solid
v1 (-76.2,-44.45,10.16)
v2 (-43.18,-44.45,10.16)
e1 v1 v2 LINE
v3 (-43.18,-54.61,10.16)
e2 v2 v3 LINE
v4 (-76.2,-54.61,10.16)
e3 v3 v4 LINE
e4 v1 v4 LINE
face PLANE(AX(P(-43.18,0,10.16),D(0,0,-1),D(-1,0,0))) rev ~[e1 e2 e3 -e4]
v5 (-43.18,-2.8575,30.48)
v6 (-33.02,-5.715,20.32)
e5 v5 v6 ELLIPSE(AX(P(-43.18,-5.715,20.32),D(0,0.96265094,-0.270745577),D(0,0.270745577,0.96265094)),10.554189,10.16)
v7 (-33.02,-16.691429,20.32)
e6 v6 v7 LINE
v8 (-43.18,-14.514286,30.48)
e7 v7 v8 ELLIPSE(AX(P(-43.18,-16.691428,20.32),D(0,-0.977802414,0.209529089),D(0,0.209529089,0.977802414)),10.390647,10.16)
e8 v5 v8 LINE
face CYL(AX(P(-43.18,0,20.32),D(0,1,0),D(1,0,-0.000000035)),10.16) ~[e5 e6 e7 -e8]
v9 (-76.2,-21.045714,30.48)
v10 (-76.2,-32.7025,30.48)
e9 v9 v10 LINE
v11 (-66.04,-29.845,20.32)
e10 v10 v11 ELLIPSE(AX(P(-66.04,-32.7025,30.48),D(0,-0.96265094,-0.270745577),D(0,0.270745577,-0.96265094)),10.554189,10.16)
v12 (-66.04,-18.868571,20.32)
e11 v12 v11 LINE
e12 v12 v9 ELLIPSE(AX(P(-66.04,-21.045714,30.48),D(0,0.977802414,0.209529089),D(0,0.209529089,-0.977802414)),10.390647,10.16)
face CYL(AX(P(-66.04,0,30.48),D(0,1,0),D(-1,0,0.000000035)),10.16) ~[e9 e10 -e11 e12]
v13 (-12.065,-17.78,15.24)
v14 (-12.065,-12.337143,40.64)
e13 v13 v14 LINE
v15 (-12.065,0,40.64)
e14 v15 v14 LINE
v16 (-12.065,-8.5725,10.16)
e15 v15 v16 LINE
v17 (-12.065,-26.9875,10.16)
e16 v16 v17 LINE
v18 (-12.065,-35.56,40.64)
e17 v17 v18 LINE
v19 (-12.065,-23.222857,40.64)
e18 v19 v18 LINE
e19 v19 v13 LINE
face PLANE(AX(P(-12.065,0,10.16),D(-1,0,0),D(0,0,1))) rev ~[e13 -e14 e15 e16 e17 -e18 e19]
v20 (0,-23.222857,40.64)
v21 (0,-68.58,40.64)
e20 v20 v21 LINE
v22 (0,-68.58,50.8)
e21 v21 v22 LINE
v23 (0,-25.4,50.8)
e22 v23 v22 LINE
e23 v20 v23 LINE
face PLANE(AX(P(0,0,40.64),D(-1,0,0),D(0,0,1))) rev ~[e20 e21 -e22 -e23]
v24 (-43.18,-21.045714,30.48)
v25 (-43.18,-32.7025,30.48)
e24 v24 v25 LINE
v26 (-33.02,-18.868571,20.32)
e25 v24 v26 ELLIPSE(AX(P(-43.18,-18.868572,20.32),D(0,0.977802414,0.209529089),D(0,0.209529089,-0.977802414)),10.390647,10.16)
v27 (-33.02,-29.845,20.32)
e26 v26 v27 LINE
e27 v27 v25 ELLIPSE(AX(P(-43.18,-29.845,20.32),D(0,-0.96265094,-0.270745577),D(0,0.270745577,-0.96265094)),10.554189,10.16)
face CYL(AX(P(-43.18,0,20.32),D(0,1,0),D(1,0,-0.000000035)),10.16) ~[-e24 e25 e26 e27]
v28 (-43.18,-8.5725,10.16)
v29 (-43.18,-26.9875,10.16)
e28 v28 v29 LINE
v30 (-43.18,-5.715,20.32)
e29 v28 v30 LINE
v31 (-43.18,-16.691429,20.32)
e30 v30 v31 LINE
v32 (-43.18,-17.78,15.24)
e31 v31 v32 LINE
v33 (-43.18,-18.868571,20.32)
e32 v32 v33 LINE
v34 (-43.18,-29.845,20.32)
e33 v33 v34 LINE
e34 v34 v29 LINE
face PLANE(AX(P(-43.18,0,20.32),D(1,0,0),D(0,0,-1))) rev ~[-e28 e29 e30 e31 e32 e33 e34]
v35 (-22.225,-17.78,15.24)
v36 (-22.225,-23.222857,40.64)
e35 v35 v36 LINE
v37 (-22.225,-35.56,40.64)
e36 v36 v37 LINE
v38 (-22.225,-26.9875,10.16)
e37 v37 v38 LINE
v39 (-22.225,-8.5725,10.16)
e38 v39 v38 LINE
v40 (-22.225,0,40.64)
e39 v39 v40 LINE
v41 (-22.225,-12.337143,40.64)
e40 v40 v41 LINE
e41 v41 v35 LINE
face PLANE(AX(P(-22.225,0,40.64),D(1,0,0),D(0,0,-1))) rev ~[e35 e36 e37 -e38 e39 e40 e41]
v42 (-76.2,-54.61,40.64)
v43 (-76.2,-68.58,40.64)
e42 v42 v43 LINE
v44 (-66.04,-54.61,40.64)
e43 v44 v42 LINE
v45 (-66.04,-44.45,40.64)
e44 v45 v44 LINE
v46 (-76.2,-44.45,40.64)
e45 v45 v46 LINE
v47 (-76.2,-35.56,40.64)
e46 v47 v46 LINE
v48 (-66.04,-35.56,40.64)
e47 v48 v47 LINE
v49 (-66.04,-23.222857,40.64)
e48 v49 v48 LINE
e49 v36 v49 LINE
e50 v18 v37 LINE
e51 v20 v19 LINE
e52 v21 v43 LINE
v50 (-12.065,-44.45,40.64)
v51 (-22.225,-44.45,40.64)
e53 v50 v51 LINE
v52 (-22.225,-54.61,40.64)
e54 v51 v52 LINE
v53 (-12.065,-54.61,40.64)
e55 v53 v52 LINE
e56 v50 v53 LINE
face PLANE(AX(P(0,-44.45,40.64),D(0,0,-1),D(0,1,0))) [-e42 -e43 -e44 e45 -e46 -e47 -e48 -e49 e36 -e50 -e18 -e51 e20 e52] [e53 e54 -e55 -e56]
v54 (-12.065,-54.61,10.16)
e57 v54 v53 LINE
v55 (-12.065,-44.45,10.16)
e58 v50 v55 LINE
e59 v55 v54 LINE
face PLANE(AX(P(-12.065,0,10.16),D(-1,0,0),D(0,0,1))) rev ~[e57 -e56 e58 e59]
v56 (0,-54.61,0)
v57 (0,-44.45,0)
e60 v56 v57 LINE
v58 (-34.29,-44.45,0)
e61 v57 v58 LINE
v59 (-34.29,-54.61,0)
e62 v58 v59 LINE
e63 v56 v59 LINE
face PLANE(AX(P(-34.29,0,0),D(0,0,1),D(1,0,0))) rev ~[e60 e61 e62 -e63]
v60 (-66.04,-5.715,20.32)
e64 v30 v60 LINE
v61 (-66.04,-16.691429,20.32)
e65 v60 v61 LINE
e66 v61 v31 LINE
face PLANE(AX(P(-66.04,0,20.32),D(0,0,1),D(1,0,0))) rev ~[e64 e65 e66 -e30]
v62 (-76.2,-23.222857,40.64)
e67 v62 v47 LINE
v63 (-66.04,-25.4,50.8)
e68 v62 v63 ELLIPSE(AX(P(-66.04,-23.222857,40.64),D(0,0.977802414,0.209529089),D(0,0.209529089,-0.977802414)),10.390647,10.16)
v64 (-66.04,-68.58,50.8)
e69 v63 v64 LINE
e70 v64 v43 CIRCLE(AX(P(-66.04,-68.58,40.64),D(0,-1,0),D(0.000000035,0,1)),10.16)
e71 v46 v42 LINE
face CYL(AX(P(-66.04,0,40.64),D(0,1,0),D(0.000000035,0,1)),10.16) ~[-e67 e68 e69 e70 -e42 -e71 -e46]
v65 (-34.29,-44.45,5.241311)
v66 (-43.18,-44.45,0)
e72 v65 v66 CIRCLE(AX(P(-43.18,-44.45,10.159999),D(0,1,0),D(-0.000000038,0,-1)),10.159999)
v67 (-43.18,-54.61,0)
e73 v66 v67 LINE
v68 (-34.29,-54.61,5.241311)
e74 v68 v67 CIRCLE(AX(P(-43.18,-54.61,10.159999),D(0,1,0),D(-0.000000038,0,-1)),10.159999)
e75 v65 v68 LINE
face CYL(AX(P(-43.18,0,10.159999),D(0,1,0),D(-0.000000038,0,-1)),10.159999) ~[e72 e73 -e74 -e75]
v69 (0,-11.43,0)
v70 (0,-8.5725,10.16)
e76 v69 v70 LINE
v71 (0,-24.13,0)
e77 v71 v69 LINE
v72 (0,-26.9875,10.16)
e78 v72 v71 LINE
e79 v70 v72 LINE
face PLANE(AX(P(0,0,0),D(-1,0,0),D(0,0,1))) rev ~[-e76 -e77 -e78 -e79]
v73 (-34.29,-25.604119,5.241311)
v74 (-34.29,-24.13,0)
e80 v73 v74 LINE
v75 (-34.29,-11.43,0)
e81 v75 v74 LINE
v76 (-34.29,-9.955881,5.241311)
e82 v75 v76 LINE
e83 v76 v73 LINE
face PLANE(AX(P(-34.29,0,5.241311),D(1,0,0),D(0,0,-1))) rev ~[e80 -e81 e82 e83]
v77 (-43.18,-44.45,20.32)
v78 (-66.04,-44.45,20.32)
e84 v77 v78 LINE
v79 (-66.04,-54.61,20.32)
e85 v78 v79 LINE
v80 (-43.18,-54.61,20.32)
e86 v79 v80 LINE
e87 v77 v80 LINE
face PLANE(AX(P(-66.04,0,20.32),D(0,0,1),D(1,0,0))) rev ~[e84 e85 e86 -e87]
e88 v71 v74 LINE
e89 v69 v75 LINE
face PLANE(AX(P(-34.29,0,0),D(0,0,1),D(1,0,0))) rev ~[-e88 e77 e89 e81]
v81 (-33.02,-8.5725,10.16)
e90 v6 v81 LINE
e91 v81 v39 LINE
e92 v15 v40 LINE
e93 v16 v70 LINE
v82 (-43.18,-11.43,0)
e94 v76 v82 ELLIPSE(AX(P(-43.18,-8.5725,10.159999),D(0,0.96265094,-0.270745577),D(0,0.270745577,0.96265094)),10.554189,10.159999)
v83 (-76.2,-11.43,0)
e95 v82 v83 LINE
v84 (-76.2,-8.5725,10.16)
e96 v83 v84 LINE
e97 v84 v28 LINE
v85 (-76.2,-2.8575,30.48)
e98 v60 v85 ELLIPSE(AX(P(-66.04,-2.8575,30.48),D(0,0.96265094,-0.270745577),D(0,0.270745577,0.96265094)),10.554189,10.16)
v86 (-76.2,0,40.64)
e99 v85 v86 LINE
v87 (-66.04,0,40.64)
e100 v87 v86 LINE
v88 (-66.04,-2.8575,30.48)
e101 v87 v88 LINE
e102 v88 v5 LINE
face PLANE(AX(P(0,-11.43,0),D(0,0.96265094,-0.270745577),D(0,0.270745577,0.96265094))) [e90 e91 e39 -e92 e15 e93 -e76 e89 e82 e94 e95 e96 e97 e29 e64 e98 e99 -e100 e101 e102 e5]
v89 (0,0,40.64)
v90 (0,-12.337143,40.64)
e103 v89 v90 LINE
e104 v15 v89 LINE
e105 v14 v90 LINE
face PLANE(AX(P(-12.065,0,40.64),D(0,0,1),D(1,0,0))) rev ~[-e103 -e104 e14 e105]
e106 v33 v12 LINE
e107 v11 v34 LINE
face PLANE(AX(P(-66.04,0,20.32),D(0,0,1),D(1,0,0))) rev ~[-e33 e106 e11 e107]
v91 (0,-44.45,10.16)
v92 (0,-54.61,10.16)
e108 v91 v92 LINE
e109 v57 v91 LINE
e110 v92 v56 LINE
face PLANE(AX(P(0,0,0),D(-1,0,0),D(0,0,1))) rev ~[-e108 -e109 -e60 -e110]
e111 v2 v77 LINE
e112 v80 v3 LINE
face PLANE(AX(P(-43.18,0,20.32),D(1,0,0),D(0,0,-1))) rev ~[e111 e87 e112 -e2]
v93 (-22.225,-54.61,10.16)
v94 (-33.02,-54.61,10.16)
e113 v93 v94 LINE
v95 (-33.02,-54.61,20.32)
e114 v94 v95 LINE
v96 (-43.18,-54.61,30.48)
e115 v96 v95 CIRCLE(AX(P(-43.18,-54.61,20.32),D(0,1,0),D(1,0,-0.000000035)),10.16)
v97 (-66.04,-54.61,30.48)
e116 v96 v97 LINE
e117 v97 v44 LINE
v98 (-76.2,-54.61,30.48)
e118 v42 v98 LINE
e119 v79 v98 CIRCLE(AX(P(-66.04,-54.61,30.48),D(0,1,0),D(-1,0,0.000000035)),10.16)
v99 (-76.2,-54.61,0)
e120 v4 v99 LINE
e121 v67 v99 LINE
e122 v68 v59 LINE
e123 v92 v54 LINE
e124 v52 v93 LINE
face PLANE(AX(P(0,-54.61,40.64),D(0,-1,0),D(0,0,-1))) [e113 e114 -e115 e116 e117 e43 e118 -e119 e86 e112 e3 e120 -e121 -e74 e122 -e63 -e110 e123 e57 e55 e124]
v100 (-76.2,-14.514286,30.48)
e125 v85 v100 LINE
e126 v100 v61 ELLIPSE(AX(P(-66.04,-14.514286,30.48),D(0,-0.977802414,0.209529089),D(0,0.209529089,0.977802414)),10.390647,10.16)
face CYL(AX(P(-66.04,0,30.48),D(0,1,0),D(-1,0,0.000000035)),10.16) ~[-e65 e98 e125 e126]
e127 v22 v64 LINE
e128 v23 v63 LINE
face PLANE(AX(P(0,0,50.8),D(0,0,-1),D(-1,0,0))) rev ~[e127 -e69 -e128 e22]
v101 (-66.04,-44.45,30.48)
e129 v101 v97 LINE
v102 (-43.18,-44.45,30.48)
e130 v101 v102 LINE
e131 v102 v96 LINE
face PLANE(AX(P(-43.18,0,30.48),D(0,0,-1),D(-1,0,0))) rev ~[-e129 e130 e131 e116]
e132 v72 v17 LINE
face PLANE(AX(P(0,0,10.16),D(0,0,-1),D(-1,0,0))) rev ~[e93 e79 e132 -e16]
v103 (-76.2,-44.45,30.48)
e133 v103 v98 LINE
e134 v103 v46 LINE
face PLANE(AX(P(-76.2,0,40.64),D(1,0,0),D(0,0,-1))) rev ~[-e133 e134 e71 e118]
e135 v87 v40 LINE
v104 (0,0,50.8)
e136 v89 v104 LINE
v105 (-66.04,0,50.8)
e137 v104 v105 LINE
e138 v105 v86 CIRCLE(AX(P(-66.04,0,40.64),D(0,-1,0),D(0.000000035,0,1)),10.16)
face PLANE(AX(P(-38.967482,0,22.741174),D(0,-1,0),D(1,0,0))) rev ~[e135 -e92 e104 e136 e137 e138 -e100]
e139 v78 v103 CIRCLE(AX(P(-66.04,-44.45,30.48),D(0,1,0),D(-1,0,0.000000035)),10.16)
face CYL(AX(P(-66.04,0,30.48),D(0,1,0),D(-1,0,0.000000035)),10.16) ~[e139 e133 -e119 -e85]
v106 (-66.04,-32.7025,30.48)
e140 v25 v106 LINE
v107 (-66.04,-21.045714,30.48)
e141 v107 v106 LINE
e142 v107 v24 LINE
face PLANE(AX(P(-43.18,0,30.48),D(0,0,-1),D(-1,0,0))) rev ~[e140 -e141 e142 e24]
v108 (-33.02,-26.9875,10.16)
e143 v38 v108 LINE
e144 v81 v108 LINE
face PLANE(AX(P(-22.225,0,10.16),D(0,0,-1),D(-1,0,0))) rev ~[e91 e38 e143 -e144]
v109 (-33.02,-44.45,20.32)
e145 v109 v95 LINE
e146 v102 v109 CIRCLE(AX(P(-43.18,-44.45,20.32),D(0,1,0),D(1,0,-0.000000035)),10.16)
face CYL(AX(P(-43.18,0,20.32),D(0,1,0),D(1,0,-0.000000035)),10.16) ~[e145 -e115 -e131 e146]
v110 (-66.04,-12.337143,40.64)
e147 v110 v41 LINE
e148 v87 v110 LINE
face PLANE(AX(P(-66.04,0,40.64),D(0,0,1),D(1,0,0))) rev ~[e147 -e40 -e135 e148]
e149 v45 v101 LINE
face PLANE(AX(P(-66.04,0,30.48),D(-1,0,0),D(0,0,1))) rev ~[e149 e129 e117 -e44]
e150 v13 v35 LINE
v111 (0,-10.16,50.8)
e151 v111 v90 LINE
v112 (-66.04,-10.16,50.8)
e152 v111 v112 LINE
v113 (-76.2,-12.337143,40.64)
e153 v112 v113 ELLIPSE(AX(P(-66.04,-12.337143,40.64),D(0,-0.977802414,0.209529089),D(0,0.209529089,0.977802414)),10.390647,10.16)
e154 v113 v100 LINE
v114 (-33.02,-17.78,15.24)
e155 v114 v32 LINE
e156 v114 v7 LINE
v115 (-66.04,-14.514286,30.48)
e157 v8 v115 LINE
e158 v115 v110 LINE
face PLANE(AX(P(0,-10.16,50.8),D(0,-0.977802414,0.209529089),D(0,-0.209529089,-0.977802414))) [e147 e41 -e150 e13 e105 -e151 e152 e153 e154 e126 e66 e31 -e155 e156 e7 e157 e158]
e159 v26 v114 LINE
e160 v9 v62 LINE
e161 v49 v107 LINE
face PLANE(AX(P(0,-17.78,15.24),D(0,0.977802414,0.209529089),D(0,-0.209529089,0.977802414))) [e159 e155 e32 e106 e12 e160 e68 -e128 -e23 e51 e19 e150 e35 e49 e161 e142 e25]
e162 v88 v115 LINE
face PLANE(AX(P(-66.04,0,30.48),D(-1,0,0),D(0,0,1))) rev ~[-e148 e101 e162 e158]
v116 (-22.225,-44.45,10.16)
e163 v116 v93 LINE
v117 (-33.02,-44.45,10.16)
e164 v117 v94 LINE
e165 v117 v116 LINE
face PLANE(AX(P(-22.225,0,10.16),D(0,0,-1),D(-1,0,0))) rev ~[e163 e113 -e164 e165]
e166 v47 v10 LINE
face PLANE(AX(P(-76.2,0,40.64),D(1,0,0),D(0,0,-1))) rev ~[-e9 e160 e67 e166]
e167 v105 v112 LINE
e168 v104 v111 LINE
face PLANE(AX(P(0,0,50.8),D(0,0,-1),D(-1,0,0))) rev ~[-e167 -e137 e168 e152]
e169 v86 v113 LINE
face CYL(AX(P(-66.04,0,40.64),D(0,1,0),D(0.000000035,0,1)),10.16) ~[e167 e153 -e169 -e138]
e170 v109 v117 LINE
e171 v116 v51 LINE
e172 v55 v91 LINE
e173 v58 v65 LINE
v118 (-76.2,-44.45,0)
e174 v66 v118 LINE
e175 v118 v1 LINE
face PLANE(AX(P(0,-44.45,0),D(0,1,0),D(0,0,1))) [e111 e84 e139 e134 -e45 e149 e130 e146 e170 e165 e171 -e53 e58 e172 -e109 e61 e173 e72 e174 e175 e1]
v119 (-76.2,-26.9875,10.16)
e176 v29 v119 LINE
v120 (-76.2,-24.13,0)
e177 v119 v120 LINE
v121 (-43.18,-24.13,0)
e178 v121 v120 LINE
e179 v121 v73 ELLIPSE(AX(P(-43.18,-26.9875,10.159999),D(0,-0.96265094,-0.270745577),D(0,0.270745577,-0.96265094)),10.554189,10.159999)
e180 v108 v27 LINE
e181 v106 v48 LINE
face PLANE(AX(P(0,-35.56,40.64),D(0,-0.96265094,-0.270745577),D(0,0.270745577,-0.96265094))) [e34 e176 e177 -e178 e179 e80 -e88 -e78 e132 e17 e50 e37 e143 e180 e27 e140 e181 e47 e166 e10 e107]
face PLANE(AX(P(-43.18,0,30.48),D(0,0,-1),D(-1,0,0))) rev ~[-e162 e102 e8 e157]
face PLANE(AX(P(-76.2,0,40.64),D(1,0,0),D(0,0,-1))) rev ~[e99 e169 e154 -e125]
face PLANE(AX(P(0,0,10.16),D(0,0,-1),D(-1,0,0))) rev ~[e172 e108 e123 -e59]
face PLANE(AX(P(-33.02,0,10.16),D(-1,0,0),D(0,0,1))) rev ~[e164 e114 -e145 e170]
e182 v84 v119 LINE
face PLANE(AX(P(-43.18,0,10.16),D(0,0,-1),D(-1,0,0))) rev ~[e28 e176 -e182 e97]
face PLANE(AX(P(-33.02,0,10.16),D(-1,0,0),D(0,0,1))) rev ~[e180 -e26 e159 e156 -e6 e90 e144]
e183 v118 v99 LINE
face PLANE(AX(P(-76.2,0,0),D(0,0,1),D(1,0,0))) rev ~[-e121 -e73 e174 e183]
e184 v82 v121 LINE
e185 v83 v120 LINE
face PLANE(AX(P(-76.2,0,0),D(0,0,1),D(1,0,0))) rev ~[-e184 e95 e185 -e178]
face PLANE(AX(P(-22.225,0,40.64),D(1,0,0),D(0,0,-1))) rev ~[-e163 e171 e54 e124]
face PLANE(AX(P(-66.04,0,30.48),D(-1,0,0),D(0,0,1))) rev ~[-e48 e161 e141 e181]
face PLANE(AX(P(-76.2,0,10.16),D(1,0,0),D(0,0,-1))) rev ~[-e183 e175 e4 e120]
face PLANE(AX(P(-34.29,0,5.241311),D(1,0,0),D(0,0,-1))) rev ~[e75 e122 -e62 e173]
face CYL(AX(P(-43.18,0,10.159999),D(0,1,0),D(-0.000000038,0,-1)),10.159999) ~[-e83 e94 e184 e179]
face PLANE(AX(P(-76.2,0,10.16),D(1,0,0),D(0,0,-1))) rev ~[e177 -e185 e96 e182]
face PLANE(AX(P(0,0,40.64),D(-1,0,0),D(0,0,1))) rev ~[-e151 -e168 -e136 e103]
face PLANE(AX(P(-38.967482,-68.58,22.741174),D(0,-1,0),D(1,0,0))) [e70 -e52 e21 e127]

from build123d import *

# Parameters (mm, degrees)
F1_DEPTH = 68.58
F3_DEPTH = 76.201


with BuildPart() as f1:
    # F0 (on Front) → F1 (new body)
    with BuildSketch(Plane.XZ):
        with BuildLine():
            Line((-34.29, 0), (0, 0))
            Line((0, 0), (0, 10.16))
            Line((0, 10.16), (-12.065, 10.16))
            Line((-12.065, 10.16), (-12.065, 40.64))
            Line((-12.065, 40.64), (0, 40.64))
            Line((0, 40.64), (0, 50.8))
            Line((0, 50.8), (-66.04, 50.8))
            ThreePointArc((-66.04, 50.8), (-73.224205, 47.824205), (-76.2, 40.64))
            Line((-76.2, 40.64), (-76.2, 30.48))
            ThreePointArc((-76.2, 30.48), (-73.224205, 23.295795), (-66.04, 20.32))
            Line((-66.04, 20.32), (-43.18, 20.32))
            Line((-43.18, 20.32), (-43.18, 10.16))
            Line((-43.18, 10.16), (-76.2, 10.16))
            Line((-76.2, 10.16), (-76.2, 0))
            Line((-76.2, 0), (-43.18, 0))
            ThreePointArc((-43.18, 0), (-38.019975, 1.407872), (-34.29, 5.241311))
            Line((-34.29, 5.241311), (-34.29, 0))
        make_face()
        with BuildLine():
            Line((-22.225, 10.16), (-33.02, 10.16))
            Line((-33.02, 10.16), (-33.02, 20.32))
            ThreePointArc((-33.02, 20.32), (-35.995795, 27.504205), (-43.18, 30.48))
            Line((-43.18, 30.48), (-66.04, 30.48))
            Line((-66.04, 30.48), (-66.04, 40.64))
            Line((-66.04, 40.64), (-22.225, 40.64))
            Line((-22.225, 40.64), (-22.225, 10.16))
        make_face(mode=Mode.SUBTRACT)
    extrude(amount=F1_DEPTH)

    # F2 (on Right) → F3 (intersect, through all)
    with BuildSketch(Plane.YZ):
        Polygon((-11.43, 0), (0, 40.64), (0, 50.8), (-10.16, 50.8), (-17.78, 15.24), (-25.4, 50.8), (-35.56, 50.8), (-68.58, 50.8), (-68.58, 40.64), (-54.61, 40.64), (-54.61, 0), (-44.45, 0), (-44.45, 40.64), (-35.56, 40.64), (-24.13, 0), align=None)
    extrude(amount=-F3_DEPTH, mode=Mode.INTERSECT)


solid = f1.part
